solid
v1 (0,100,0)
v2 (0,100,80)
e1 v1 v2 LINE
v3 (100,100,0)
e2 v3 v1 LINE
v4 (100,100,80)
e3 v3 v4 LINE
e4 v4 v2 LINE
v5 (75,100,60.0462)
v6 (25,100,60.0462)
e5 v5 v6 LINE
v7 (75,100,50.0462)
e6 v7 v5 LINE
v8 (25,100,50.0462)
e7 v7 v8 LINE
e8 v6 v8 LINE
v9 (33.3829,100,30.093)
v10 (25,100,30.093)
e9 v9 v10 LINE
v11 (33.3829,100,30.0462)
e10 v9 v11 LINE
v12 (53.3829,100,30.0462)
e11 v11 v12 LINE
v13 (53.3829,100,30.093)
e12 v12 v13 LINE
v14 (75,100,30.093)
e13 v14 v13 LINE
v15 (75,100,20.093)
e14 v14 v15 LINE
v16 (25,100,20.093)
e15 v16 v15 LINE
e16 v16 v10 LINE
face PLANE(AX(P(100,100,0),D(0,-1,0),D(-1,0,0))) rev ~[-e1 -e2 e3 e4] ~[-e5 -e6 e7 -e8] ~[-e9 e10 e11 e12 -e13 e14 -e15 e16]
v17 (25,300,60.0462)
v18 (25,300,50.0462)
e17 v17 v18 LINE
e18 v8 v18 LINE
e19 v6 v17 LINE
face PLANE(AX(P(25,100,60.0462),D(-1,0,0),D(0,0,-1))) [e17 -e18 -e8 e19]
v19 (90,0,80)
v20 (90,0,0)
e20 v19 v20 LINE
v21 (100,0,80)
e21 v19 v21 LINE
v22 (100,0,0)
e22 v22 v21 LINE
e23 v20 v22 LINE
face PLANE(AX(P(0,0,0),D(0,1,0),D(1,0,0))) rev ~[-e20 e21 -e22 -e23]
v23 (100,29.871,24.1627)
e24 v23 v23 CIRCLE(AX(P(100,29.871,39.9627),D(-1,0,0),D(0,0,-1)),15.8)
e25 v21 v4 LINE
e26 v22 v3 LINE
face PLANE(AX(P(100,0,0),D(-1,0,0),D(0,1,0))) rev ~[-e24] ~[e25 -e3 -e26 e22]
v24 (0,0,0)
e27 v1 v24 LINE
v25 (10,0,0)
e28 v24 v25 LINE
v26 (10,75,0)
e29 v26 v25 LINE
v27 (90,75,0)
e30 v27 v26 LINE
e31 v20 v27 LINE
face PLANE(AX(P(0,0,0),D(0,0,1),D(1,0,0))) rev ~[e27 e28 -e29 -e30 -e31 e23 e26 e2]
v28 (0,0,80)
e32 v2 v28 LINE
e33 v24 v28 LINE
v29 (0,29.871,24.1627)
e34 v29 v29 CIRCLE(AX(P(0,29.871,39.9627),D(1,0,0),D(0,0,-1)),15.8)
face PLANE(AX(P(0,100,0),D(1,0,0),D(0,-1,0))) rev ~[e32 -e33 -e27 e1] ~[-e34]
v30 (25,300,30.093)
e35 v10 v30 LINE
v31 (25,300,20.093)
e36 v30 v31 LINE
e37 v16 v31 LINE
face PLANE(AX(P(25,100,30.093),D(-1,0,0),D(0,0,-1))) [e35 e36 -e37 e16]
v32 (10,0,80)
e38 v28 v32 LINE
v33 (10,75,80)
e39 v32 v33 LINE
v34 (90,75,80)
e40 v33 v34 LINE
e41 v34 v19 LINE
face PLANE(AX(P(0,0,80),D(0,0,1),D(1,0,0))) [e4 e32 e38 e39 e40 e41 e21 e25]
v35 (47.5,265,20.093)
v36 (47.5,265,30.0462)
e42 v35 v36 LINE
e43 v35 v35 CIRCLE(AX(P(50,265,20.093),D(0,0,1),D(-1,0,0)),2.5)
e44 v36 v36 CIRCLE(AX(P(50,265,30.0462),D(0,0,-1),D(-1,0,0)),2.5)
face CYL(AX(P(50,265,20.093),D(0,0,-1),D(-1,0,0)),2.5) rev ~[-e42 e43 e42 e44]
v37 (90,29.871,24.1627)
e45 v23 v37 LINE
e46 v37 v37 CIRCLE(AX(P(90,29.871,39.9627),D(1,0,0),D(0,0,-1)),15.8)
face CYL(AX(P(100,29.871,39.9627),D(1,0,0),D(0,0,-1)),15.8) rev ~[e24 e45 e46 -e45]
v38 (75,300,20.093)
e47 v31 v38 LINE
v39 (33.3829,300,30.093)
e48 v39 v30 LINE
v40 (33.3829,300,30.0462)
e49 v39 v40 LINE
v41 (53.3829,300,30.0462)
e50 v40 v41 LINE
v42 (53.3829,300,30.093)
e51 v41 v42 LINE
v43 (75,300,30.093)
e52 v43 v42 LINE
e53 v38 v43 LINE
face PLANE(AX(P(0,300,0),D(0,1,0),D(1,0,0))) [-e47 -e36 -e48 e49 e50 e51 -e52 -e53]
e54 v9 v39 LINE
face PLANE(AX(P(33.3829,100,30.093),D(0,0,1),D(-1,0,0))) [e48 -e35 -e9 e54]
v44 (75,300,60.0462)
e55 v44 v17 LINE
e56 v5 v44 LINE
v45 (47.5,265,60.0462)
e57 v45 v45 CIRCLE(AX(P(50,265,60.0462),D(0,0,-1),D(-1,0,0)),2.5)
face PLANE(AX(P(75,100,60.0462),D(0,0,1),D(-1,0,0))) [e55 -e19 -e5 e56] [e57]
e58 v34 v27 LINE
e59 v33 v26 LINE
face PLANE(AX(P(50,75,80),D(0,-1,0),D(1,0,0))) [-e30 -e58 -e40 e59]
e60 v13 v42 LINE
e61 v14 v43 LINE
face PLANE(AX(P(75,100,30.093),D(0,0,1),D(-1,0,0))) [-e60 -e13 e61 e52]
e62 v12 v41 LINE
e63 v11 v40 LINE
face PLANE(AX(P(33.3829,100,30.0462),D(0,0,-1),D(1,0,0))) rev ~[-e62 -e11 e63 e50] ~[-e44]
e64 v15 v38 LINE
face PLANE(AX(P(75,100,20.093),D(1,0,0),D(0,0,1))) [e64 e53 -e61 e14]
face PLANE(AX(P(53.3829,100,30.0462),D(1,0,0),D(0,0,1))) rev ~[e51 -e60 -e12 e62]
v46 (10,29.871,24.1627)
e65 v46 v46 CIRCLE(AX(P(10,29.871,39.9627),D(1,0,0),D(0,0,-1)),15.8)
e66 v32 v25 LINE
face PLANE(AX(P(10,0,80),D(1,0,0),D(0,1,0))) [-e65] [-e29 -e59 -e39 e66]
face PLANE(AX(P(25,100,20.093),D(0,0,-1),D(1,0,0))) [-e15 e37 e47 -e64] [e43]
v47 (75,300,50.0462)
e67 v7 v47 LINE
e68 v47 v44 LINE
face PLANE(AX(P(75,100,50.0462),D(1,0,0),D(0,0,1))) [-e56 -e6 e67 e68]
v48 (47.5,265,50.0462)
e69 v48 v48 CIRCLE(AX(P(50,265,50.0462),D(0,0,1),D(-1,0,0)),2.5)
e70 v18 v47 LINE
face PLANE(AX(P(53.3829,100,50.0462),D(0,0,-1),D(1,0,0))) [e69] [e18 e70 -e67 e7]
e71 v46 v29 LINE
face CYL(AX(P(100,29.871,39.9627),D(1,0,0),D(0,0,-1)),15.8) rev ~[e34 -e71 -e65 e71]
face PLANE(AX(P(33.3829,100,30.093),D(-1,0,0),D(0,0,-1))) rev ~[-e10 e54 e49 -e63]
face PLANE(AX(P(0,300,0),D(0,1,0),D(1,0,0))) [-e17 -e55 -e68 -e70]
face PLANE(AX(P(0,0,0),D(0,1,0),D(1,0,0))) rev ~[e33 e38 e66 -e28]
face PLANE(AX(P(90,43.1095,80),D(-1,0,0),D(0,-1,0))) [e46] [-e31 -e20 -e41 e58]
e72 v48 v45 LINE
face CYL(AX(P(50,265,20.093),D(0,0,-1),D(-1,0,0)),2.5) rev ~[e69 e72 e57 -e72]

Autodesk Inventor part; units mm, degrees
ref_plane "YZ Plane" through (0, 0, 0) normal (1, 0, 0) x (0, 1, 0)
ref_plane "XZ Plane" through (0, 0, 0) normal (0, 1, 0) x (-1, 0, 0)
ref_plane "XY Plane" through (0, 0, 0) normal (0, 0, 1) x (1, 0, 0)
sketch "Sketch1" plane through (0, 0, 0) normal (0, 0, 1) x (1, 0, 0)
  line L0 (0, 0) -> (100, 0)
  line L1 (100, 0) -> (100, 100)
  line L2 (100, 100) -> (0, 100)
  line L3 (0, 100) -> (0, 0)
  dimension "d0" = 100
  dimension "d1" = 100
extrude "Extrusion1" add sketch "Sketch1" along normal blind 80
sketch "Sketch2" plane through (0, 0, 80) normal (0, 0, 1) x (1, 0, 0)
  line L0 (0, 100) -> (0, 0) projected
  line L1 (0, 50) -> (10, 50)
  line L2 (100, 100) -> (0, 100) projected
  line L3 (50, 100) -> (50, 75)
  line L4 (100, 0) -> (100, 100) projected
  line L5 (100, 53.1095) -> (100, 43.1095)
  line L6 (100, 43.1095) -> (90, 43.1095)
  line L7 (0, 0) -> (100, 0) projected
  line L8 (10, 75) -> (90, 75)
  line L9 (90, 75) -> (90, 0)
  line L10 (90, 0) -> (10, 0)
  line L11 (10, 0) -> (10, 75)
  dimension "d4" = 10
  dimension "d5" = 25
  dimension "d6" = 10
  dimension "d7" = 10
extrude "Extrusion2" cut sketch "Sketch2" against normal blind 80 contours L11 L8 L9 L7
sketch "Sketch3" plane through (0, 100, 0) normal (0, 1, 0) x (1, 0, 0)
  line L0 (90, 0) -> (10, 0) projected
  line L1 (32.4733, 0) -> (52.4733, 0)
  line L2 (52.4733, 0) -> (52.4733, -20)
  line L3 (10, -80) -> (90, -80) projected
  line L4 (70.0717, -80) -> (50.0717, -80)
  line L5 (50.0717, -80) -> (50.0717, -60)
  point P0 (0, 0)
  dimension "d10" = 20
  dimension "d11" = 20
  dimension "d12" = 20
  dimension "d13" = 20
sketch "Sketch4" plane through (0, 100, 0) normal (0, 1, 0) x (1, 0, 0)
  line L0 (0, 0) -> (0, -80) projected
  line L1 (0, -49.1237) -> (0, -24.1237)
  line L2 (0, -24.1237) -> (25, -24.1237)
  line L3 (100, 0) -> (100, -80) projected
  line L4 (100, -53.0628) -> (100, -28.0628)
  line L5 (100, -28.0628) -> (75, -28.0628)
  line L6 (25, -20.093) -> (75, -20.093)
  line L7 (75, -20.093) -> (75, -30.093)
  line L8 (75, -30.093) -> (25, -30.093)
  line L9 (25, -30.093) -> (25, -20.093)
  line L10 (33.3829, -30.093) -> (33.3829, -30.0462)
  line L11 (33.3829, -30.0462) -> (53.3829, -30.0462)
  line L12 (53.3829, -30.0462) -> (53.3829, -50.0462)
  line L13 (25, -50.0462) -> (75, -50.0462)
  line L14 (75, -50.0462) -> (75, -60.0462)
  line L15 (75, -60.0462) -> (25, -60.0462)
  line L16 (25, -60.0462) -> (25, -50.0462)
  point P0 (53.3829, -30.093)
  dimension "d14" = 25
  dimension "d15" = 25
  dimension "d16" = 90
  dimension "d18" = 25
  dimension "d19" = 90
  dimension "d20" = 50
  dimension "d21" = 10
  dimension "d22" = 20
  dimension "d23" = 20
  dimension "d24" = 50
  dimension "d25" = 10
extrude "Extrusion3" add sketch "Sketch4" along normal blind 200 contours L13 L14 L15 L16 | L6 L7 L8 L12 L11 L10 L9
sketch "Sketch5" plane through (75, 100, 20.093) normal (0, 0, -1) x (-1, 0, 0)
  point P0 (75, -100)
sketch "Sketch6" plane through (75, 100, 20.093) normal (0, 0, -1) x (-1, 0, 0)
  line L0 (0, 0) -> (0, 200) projected
  line L1 (0, 200) -> (25, 200)
  line L2 (21.6171, 200) -> (0, 200) projected
  line L3 (25, 200) -> (25, 165)
  circle A0 centre (25, 165) radius 2.5
  point P0 (75, -100)
  dimension "d28" = 25
  dimension "d29" = 35
  dimension "d30" = 5
extrude "Extrusion4" cut sketch "Sketch6" against normal blind 200
sketch "Sketch7" plane through (100, 0, 0) normal (1, 0, 0) x (0, 0, -1)
  line L0 (0, 0) -> (-80, 0) projected
  line L1 (-40, 0) -> (-40, 14)
  line L2 (-40, 0) -> (-40, 29.8709)
  line L3 (-39.9627, -1.129) -> (-39.9627, 29.871)
  circle A0 centre (-39.9627, 29.871) radius 15.8
  dimension "d33" = 14
  dimension "d34" = 31
  dimension "d35" = 31
  dimension "d36" = 31.6
extrude "Extrusion5" cut sketch "Sketch7" against normal blind 200 contours A0
properties part number "S.Platform"
